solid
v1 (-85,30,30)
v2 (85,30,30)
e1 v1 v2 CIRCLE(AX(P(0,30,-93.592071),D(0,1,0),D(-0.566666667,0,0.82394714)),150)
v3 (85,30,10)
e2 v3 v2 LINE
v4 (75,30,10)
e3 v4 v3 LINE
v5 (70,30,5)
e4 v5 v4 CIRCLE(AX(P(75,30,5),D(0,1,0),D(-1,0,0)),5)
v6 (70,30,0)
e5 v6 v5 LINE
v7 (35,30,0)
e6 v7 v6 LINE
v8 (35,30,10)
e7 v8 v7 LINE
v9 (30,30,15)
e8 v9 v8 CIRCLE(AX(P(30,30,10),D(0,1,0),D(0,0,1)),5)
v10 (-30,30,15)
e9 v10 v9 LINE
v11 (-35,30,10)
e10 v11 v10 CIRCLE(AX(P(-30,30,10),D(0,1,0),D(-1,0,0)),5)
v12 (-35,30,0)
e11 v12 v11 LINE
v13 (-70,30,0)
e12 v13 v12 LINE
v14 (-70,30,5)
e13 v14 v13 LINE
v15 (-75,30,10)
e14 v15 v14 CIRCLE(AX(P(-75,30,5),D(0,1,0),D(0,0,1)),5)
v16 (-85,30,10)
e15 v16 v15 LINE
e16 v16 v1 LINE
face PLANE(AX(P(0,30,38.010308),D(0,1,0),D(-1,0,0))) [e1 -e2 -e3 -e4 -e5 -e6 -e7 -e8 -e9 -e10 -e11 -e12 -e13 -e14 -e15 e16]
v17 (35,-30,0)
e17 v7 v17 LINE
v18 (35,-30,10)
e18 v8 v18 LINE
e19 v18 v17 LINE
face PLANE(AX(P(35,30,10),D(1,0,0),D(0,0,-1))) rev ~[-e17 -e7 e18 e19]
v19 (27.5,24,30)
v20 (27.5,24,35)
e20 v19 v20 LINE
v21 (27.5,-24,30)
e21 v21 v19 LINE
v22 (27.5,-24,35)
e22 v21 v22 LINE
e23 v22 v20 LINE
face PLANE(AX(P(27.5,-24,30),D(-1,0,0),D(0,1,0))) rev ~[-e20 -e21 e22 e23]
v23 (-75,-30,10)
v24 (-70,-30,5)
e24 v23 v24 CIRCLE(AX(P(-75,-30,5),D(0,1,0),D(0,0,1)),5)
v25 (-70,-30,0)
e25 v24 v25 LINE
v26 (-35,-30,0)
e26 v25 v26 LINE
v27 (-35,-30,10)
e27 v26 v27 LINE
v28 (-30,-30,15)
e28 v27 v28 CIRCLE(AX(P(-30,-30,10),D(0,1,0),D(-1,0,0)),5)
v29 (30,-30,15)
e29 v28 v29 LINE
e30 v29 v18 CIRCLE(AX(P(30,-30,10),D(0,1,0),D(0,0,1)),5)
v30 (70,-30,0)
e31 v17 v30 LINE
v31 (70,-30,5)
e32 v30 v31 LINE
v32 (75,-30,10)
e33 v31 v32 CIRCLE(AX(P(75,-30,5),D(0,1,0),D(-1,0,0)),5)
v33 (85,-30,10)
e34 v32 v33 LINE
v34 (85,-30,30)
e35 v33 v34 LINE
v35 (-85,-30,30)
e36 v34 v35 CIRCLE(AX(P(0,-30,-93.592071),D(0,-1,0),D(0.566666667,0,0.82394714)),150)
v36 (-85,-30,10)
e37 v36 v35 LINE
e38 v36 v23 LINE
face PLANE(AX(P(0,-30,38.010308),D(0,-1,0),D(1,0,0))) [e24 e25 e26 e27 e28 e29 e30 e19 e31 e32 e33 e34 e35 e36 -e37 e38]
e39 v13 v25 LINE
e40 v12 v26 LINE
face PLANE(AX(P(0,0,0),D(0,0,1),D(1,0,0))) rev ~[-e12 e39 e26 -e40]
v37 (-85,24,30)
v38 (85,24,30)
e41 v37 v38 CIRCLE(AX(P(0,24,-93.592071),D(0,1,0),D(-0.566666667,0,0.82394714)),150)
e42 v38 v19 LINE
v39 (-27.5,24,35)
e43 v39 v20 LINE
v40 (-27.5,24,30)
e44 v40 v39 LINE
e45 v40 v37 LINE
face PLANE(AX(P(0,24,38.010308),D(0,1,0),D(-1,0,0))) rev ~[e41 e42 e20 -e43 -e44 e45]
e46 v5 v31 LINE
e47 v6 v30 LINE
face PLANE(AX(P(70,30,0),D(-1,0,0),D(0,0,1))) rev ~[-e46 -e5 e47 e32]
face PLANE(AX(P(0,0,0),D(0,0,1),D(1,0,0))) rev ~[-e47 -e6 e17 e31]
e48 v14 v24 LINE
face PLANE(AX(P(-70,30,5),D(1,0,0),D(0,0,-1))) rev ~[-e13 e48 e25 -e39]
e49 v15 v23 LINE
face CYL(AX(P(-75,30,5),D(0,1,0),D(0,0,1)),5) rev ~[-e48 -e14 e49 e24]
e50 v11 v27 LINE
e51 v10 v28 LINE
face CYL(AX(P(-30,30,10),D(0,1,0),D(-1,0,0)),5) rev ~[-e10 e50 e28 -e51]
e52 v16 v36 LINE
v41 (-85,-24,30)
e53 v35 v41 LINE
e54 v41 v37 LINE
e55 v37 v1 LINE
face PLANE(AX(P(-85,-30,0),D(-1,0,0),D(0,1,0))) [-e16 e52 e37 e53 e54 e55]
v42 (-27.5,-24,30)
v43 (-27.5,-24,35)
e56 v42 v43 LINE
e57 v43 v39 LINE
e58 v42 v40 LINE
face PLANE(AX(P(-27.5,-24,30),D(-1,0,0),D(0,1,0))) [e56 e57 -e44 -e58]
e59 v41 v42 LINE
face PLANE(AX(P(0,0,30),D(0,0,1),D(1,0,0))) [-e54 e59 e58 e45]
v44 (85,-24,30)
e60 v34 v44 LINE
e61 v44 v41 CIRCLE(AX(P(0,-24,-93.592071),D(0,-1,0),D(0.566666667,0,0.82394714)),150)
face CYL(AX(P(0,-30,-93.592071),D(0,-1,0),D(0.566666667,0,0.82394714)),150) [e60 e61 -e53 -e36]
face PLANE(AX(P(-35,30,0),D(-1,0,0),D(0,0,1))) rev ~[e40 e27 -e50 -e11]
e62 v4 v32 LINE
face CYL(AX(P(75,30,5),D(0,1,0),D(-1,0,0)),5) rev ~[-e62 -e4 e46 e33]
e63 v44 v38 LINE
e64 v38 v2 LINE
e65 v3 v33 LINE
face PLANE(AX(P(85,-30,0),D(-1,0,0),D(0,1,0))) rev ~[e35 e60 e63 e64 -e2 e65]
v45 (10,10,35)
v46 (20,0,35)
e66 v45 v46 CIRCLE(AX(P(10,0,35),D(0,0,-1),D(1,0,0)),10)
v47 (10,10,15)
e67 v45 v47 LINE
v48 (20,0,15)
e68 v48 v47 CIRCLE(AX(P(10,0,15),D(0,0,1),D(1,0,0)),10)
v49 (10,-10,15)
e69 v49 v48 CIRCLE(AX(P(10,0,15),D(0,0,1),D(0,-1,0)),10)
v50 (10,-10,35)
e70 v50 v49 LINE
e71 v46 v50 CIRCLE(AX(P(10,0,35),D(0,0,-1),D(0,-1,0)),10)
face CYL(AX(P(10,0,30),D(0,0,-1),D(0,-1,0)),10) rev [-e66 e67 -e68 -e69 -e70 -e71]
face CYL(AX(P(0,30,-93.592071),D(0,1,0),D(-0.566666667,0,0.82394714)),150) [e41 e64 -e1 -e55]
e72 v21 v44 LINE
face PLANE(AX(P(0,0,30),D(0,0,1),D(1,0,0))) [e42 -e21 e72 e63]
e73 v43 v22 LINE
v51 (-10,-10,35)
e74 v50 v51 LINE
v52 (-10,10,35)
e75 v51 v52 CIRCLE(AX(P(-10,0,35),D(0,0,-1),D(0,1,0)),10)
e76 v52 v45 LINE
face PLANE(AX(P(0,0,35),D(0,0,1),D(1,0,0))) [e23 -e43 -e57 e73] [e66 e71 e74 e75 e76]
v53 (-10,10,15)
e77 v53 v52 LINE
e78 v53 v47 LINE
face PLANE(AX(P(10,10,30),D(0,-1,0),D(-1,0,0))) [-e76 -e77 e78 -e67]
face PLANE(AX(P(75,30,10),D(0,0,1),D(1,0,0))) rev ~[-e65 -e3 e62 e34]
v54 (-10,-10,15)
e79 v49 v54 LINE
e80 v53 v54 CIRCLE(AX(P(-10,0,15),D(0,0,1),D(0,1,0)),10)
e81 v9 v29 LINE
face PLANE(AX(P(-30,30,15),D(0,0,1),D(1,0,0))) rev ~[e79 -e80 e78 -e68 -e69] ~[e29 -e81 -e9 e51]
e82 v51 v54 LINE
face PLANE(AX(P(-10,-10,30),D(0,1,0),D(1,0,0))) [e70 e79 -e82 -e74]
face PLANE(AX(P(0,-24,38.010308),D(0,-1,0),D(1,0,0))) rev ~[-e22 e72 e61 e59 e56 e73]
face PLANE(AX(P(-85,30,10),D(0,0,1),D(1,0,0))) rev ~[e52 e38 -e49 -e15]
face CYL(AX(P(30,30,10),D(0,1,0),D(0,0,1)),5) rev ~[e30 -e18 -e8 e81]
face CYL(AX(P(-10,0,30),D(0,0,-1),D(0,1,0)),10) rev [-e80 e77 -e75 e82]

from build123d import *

# Parameters (mm, degrees)
F0_W      = 170
F0_H      = 60
F1_DEPTH  = 30
F3_DEPTH  = 30.001
F5_DEPTH  = 60.001
F6_W      = 55
F6_H      = 48
F7_DEPTH  = 5
F8_DEPTH  = 25
F10_DEPTH = 60.001
F13_DEPTH = 6
F14_DEPTH = 6
F17_DEPTH = 6


with BuildPart() as f1:
    # F0 (on Top) → F1 (new body)
    with BuildSketch(Plane.XY):
        Rectangle(F0_W, F0_H)
    extrude(amount=F1_DEPTH)

    # F2 (on face) → F3 (cut, through all)
    with BuildSketch(Plane.XY.offset(30)):
        with BuildLine():
            ThreePointArc((0, 0), (2.9289321881, -7.0710678119), (10, -10))
            Line((10, -10), (10, 10))
            ThreePointArc((10, 10), (2.9289321881, 7.0710678119), (0, 0))
        make_face()
        with BuildLine():
            Line((-10, -10), (10, -10))
            ThreePointArc((10, -10), (2.9289321881, -7.0710678119), (0, 0))
            ThreePointArc((0, 0), (-2.9289321881, -7.0710678119), (-10, -10))
        make_face()
        with BuildLine():
            Line((10, 10), (10, -10))
            ThreePointArc((10, -10), (17.0710678119, -7.0710678119), (20, 0))
            ThreePointArc((20, 0), (17.0710678119, 7.0710678119), (10, 10))
        make_face()
        with BuildLine():
            ThreePointArc((-10, 10), (-20, 0), (-10, -10))
            Line((-10, -10), (-10, 10))
        make_face()
        with BuildLine():
            Line((-10, 10), (-10, -10))
            ThreePointArc((-10, -10), (-2.9289321881, -7.0710678119), (0, 0))
            ThreePointArc((0, 0), (-2.9289321881, 7.0710678119), (-10, 10))
        make_face()
        with BuildLine():
            ThreePointArc((0, 0), (2.9289321881, 7.0710678119), (10, 10))
            Line((10, 10), (-10, 10))
            ThreePointArc((-10, 10), (-2.9289321881, 7.0710678119), (0, 0))
        make_face()
    extrude(amount=-F3_DEPTH, mode=Mode.SUBTRACT)

    # F4 (on face) → F5 (cut, through all)
    with BuildSketch(Plane(origin=(0, 30, 0), x_dir=(-1, 0, 0), z_dir=(0, 1, 0))):
        with BuildLine():
            Line((-35, 0), (0, 0))
            Line((0, 0), (35, 0))
            Line((35, 0), (35, 10))
            ThreePointArc((35, 10), (33.5355339059, 13.5355339059), (30, 15))
            Line((30, 15), (-30, 15))
            ThreePointArc((-30, 15), (-33.5355339059, 13.5355339059), (-35, 10))
            Line((-35, 10), (-35, 0))
        make_face()
    extrude(amount=-F5_DEPTH, mode=Mode.SUBTRACT)

    # F6 (on face) → F7 (join)
    with BuildSketch(Plane.XY.offset(30)):
        Rectangle(F6_W, F6_H)
    extrude(amount=F7_DEPTH)

    # F8 (cut): a face of the model
    f8_faces = [f1.faces().sort_by_distance(p)[0] for p in [
        (0, 0, 30),
    ]]
    extrude(f8_faces, amount=-F8_DEPTH, mode=Mode.SUBTRACT)

    # F9 (on face) → F10 (cut, through all)
    with BuildSketch(Plane(origin=(0, 30, 0), x_dir=(-1, 0, 0), z_dir=(0, 1, 0))):
        with BuildLine():
            Line((85, 0), (85, 10))
            Line((85, 10), (75, 10))
            ThreePointArc((75, 10), (71.4644660941, 8.5355339059), (70, 5))
            Line((70, 5), (70, 0))
            Line((70, 0), (85, 0))
        make_face()
        with BuildLine():
            Line((-85, 10), (-85, 0))
            Line((-85, 0), (-70, 0))
            Line((-70, 0), (-70, 5))
            ThreePointArc((-70, 5), (-71.4644660941, 8.5355339059), (-75, 10))
            Line((-75, 10), (-85, 10))
        make_face()
    extrude(amount=-F10_DEPTH, mode=Mode.SUBTRACT)

    # F12 (on face) → F13 (join)
    with BuildSketch(Plane.XZ.offset(30)):
        with BuildLine():
            Line((-85, 30), (85, 30))
            ThreePointArc((85, 30), (0, 56.4079290569), (-85, 30))
        make_face()
    extrude(amount=-F13_DEPTH)

    # F16 (on face) → F17 (join)
    with BuildSketch(Plane(origin=(0, 30, 0), x_dir=(-1, 0, 0), z_dir=(0, 1, 0))):
        with BuildLine():
            Line((-85, 30), (85, 30))
            ThreePointArc((85, 30), (0, 56.4079290569), (-85, 30))
        make_face()
    extrude(amount=-F17_DEPTH)


with BuildPart() as f14:
    # F11 (on face) → F14 (new body)
    with BuildSketch(Plane(origin=(0, 30, 0), x_dir=(-1, 0, 0), z_dir=(0, 1, 0))):
        with BuildLine():
            Line((-85, 30), (85, 30))
            ThreePointArc((85, 30), (0, 56.4079290569), (-85, 30))
        make_face()
    extrude(amount=-F14_DEPTH)


solid = f1.part
